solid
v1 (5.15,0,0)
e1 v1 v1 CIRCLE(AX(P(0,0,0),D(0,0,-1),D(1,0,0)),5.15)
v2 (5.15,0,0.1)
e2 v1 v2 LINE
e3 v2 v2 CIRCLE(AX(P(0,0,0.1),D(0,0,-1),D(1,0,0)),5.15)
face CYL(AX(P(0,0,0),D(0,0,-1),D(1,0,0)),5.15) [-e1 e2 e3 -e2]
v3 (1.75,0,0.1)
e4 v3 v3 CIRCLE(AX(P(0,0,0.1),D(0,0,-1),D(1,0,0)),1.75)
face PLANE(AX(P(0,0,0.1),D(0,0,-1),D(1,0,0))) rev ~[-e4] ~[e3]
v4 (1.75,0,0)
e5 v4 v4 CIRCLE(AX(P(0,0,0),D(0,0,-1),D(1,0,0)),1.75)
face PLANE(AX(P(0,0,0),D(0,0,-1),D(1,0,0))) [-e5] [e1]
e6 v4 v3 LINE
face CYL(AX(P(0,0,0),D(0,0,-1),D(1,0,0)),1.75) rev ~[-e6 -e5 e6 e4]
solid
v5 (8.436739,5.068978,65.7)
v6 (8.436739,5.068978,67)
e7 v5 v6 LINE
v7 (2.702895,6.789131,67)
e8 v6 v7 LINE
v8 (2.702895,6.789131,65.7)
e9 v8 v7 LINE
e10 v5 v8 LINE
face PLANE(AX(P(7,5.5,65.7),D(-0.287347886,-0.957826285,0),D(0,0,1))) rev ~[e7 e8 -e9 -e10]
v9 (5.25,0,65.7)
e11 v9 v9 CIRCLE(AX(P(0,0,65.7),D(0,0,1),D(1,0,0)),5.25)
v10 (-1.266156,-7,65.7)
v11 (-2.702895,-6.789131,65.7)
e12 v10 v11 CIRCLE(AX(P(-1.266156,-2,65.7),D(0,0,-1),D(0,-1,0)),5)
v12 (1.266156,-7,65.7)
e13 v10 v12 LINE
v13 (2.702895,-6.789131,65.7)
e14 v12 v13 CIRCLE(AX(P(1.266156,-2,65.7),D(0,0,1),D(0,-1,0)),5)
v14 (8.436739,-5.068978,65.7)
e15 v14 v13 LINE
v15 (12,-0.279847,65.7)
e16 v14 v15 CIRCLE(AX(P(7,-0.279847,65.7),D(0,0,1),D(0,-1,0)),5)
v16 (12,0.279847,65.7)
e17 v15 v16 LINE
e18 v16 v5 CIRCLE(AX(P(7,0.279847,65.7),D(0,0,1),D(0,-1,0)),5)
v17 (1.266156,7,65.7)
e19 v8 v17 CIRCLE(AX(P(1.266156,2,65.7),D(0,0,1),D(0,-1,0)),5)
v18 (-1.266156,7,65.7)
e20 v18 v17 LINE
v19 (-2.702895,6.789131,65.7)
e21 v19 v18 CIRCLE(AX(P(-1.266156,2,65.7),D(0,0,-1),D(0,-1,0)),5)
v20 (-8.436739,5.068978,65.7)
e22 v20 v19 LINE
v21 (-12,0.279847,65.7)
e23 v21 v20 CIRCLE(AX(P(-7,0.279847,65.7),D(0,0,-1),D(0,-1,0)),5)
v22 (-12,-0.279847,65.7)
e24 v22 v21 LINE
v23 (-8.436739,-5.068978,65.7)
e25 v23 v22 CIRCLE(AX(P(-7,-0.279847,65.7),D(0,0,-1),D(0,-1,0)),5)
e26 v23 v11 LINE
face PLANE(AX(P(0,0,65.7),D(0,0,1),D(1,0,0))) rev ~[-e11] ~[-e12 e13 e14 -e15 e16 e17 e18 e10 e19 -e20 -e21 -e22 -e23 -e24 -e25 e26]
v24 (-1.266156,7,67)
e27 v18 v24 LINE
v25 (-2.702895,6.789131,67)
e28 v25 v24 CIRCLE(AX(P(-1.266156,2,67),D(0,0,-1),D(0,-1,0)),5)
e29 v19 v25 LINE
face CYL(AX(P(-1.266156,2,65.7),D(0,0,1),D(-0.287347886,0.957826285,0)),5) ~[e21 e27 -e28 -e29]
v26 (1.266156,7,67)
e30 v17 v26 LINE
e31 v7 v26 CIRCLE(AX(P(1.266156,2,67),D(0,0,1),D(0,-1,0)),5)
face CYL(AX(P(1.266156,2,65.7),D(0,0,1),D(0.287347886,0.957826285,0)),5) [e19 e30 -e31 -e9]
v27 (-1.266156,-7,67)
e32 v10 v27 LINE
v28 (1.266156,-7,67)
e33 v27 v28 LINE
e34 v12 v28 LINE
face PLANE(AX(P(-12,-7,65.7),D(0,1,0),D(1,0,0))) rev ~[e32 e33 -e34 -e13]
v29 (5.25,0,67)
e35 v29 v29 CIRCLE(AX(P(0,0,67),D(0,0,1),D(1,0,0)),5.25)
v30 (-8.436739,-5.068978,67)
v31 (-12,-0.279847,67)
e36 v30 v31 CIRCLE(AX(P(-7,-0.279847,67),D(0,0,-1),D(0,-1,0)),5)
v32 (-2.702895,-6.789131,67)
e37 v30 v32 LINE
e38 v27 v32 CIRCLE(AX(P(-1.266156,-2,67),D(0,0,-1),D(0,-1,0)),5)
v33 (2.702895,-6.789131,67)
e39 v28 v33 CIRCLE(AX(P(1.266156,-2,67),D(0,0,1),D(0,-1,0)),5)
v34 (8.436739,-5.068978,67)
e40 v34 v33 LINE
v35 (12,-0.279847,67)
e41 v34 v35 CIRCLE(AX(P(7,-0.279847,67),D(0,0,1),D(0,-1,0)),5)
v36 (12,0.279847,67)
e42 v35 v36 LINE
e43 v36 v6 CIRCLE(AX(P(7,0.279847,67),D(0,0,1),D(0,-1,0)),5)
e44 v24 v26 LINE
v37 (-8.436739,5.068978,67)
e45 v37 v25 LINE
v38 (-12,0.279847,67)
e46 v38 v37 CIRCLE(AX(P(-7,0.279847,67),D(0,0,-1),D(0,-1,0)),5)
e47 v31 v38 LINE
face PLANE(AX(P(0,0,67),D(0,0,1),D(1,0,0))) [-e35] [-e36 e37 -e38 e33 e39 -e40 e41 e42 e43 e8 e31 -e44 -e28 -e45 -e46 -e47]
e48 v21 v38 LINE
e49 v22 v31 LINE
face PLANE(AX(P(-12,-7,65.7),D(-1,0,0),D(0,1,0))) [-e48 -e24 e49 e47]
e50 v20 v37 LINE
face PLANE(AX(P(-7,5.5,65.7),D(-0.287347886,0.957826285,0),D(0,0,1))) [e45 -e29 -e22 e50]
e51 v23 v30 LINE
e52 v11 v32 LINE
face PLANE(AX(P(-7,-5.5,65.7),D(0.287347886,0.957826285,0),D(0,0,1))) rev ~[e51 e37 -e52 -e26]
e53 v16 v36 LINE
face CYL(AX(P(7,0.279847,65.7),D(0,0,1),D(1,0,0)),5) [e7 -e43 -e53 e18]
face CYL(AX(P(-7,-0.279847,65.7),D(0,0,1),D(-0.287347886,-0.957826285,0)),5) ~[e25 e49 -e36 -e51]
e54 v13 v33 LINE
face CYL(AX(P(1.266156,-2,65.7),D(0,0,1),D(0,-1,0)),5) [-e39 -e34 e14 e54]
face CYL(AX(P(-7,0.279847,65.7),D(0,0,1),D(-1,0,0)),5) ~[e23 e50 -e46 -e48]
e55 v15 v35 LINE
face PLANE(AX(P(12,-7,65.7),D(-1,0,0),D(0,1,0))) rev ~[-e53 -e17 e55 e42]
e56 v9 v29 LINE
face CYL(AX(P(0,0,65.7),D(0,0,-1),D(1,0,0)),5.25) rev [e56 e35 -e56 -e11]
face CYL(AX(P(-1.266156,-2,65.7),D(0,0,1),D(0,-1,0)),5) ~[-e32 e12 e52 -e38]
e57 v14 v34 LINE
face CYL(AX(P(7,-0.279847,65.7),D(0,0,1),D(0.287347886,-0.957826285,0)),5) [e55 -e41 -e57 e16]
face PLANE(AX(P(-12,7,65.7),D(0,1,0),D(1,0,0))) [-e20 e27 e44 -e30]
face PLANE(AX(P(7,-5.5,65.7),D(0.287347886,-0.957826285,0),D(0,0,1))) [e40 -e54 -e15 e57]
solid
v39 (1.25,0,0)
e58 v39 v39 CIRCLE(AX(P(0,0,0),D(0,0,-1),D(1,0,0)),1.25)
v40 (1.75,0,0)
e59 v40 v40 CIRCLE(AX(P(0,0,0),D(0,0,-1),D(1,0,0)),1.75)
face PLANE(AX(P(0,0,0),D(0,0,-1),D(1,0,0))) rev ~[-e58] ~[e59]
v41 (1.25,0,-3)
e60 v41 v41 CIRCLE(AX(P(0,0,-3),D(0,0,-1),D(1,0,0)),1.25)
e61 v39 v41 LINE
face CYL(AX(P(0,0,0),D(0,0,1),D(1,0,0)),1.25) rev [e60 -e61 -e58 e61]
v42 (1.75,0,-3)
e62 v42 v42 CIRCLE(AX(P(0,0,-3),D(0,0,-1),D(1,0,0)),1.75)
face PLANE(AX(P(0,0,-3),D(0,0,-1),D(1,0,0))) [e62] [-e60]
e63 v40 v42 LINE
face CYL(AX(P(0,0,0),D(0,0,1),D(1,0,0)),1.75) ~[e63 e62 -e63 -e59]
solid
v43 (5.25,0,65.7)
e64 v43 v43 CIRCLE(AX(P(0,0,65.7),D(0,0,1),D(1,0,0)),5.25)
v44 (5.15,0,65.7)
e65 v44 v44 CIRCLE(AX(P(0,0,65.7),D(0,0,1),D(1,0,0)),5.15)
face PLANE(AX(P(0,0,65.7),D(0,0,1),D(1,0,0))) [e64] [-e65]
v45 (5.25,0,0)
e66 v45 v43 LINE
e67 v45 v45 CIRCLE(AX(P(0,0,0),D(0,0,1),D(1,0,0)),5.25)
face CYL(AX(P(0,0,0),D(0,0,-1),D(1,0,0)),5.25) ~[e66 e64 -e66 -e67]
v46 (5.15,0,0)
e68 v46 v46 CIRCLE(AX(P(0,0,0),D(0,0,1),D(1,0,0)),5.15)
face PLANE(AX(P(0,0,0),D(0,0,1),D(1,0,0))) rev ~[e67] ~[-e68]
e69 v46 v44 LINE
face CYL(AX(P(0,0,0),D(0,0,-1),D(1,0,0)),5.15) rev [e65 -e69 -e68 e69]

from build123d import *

# Parameters (mm, degrees)
F0_R       = 5.25
F0_R_2     = 5.15
F1_DEPTH   = 65.7
F2_W       = 24
F2_H       = 14
F2_R       = 5.25
F3_DEPTH   = 1.3
F4_SIZE2   = 10
F4_SIZE    = 3
F4_2_SIZE2 = 10
F4_2_SIZE  = 3
F5_R       = 5
F6_R       = 5.15
F6_R_2     = 1.75
F7_DEPTH   = 0.1
F8_R       = 1.75
F8_R_2     = 1.25
F9_DEPTH   = 3


with BuildPart() as f1:
    # F0 (on Top) → F1 (new body)
    with BuildSketch(Plane.XY):
        Circle(F0_R)
        Circle(F0_R_2, mode=Mode.SUBTRACT)
    extrude(amount=F1_DEPTH)


with BuildPart() as f3:
    # F2 (on face) → F3 (new body)
    with BuildSketch(Plane.XY.offset(65.7)):
        Rectangle(F2_W, F2_H)
        Circle(F2_R, mode=Mode.SUBTRACT)
    extrude(amount=F3_DEPTH)

    # F4
    f4_edges = [f3.edges().sort_by_distance(p)[0] for p in [
        (-12, 7, 66.35),
        (-12, -7, 66.35),
    ]]
    f4_side = f3.faces().sort_by_distance((-12, 0, 66.35))[0]
    chamfer(f4_edges, length=F4_SIZE, length2=F4_SIZE2, reference=f4_side)

    # F4#2
    f4_2_edges = [f3.edges().sort_by_distance(p)[0] for p in [
        (12, 7, 66.35),
        (12, -7, 66.35),
    ]]
    f4_2_side = f3.faces().sort_by_distance((12, 0, 66.35))[0]
    chamfer(f4_2_edges, length=F4_2_SIZE, length2=F4_2_SIZE2, reference=f4_2_side)

    # F5
    f5_edges = [f3.edges().sort_by_distance(p)[0] for p in [
        (-12, -4, 66.35),
        (-2, -7, 66.35),
        (2, -7, 66.35),
        (12, -4, 66.35),
        (12, 4, 66.35),
        (2, 7, 66.35),
        (-2, 7, 66.35),
        (-12, 4, 66.35),
    ]]
    fillet(f5_edges, radius=F5_R)


with BuildPart() as f7:
    # F6 (on face) → F7 (new body)
    with BuildSketch(Plane(origin=(0, 0, 0), x_dir=(1, 0, 0), z_dir=(0, 0, -1))):
        Circle(F6_R)
        Circle(F6_R_2, mode=Mode.SUBTRACT)
    extrude(amount=-F7_DEPTH)


with BuildPart() as f9:
    # F8 (on face) → F9 (new body)
    with BuildSketch(Plane(origin=(0, 0, 0), x_dir=(1, 0, 0), z_dir=(0, 0, -1))):
        Circle(F8_R)
        Circle(F8_R_2, mode=Mode.SUBTRACT)
    extrude(amount=F9_DEPTH)


solid = Compound([f1.part, f3.part, f7.part, f9.part])
